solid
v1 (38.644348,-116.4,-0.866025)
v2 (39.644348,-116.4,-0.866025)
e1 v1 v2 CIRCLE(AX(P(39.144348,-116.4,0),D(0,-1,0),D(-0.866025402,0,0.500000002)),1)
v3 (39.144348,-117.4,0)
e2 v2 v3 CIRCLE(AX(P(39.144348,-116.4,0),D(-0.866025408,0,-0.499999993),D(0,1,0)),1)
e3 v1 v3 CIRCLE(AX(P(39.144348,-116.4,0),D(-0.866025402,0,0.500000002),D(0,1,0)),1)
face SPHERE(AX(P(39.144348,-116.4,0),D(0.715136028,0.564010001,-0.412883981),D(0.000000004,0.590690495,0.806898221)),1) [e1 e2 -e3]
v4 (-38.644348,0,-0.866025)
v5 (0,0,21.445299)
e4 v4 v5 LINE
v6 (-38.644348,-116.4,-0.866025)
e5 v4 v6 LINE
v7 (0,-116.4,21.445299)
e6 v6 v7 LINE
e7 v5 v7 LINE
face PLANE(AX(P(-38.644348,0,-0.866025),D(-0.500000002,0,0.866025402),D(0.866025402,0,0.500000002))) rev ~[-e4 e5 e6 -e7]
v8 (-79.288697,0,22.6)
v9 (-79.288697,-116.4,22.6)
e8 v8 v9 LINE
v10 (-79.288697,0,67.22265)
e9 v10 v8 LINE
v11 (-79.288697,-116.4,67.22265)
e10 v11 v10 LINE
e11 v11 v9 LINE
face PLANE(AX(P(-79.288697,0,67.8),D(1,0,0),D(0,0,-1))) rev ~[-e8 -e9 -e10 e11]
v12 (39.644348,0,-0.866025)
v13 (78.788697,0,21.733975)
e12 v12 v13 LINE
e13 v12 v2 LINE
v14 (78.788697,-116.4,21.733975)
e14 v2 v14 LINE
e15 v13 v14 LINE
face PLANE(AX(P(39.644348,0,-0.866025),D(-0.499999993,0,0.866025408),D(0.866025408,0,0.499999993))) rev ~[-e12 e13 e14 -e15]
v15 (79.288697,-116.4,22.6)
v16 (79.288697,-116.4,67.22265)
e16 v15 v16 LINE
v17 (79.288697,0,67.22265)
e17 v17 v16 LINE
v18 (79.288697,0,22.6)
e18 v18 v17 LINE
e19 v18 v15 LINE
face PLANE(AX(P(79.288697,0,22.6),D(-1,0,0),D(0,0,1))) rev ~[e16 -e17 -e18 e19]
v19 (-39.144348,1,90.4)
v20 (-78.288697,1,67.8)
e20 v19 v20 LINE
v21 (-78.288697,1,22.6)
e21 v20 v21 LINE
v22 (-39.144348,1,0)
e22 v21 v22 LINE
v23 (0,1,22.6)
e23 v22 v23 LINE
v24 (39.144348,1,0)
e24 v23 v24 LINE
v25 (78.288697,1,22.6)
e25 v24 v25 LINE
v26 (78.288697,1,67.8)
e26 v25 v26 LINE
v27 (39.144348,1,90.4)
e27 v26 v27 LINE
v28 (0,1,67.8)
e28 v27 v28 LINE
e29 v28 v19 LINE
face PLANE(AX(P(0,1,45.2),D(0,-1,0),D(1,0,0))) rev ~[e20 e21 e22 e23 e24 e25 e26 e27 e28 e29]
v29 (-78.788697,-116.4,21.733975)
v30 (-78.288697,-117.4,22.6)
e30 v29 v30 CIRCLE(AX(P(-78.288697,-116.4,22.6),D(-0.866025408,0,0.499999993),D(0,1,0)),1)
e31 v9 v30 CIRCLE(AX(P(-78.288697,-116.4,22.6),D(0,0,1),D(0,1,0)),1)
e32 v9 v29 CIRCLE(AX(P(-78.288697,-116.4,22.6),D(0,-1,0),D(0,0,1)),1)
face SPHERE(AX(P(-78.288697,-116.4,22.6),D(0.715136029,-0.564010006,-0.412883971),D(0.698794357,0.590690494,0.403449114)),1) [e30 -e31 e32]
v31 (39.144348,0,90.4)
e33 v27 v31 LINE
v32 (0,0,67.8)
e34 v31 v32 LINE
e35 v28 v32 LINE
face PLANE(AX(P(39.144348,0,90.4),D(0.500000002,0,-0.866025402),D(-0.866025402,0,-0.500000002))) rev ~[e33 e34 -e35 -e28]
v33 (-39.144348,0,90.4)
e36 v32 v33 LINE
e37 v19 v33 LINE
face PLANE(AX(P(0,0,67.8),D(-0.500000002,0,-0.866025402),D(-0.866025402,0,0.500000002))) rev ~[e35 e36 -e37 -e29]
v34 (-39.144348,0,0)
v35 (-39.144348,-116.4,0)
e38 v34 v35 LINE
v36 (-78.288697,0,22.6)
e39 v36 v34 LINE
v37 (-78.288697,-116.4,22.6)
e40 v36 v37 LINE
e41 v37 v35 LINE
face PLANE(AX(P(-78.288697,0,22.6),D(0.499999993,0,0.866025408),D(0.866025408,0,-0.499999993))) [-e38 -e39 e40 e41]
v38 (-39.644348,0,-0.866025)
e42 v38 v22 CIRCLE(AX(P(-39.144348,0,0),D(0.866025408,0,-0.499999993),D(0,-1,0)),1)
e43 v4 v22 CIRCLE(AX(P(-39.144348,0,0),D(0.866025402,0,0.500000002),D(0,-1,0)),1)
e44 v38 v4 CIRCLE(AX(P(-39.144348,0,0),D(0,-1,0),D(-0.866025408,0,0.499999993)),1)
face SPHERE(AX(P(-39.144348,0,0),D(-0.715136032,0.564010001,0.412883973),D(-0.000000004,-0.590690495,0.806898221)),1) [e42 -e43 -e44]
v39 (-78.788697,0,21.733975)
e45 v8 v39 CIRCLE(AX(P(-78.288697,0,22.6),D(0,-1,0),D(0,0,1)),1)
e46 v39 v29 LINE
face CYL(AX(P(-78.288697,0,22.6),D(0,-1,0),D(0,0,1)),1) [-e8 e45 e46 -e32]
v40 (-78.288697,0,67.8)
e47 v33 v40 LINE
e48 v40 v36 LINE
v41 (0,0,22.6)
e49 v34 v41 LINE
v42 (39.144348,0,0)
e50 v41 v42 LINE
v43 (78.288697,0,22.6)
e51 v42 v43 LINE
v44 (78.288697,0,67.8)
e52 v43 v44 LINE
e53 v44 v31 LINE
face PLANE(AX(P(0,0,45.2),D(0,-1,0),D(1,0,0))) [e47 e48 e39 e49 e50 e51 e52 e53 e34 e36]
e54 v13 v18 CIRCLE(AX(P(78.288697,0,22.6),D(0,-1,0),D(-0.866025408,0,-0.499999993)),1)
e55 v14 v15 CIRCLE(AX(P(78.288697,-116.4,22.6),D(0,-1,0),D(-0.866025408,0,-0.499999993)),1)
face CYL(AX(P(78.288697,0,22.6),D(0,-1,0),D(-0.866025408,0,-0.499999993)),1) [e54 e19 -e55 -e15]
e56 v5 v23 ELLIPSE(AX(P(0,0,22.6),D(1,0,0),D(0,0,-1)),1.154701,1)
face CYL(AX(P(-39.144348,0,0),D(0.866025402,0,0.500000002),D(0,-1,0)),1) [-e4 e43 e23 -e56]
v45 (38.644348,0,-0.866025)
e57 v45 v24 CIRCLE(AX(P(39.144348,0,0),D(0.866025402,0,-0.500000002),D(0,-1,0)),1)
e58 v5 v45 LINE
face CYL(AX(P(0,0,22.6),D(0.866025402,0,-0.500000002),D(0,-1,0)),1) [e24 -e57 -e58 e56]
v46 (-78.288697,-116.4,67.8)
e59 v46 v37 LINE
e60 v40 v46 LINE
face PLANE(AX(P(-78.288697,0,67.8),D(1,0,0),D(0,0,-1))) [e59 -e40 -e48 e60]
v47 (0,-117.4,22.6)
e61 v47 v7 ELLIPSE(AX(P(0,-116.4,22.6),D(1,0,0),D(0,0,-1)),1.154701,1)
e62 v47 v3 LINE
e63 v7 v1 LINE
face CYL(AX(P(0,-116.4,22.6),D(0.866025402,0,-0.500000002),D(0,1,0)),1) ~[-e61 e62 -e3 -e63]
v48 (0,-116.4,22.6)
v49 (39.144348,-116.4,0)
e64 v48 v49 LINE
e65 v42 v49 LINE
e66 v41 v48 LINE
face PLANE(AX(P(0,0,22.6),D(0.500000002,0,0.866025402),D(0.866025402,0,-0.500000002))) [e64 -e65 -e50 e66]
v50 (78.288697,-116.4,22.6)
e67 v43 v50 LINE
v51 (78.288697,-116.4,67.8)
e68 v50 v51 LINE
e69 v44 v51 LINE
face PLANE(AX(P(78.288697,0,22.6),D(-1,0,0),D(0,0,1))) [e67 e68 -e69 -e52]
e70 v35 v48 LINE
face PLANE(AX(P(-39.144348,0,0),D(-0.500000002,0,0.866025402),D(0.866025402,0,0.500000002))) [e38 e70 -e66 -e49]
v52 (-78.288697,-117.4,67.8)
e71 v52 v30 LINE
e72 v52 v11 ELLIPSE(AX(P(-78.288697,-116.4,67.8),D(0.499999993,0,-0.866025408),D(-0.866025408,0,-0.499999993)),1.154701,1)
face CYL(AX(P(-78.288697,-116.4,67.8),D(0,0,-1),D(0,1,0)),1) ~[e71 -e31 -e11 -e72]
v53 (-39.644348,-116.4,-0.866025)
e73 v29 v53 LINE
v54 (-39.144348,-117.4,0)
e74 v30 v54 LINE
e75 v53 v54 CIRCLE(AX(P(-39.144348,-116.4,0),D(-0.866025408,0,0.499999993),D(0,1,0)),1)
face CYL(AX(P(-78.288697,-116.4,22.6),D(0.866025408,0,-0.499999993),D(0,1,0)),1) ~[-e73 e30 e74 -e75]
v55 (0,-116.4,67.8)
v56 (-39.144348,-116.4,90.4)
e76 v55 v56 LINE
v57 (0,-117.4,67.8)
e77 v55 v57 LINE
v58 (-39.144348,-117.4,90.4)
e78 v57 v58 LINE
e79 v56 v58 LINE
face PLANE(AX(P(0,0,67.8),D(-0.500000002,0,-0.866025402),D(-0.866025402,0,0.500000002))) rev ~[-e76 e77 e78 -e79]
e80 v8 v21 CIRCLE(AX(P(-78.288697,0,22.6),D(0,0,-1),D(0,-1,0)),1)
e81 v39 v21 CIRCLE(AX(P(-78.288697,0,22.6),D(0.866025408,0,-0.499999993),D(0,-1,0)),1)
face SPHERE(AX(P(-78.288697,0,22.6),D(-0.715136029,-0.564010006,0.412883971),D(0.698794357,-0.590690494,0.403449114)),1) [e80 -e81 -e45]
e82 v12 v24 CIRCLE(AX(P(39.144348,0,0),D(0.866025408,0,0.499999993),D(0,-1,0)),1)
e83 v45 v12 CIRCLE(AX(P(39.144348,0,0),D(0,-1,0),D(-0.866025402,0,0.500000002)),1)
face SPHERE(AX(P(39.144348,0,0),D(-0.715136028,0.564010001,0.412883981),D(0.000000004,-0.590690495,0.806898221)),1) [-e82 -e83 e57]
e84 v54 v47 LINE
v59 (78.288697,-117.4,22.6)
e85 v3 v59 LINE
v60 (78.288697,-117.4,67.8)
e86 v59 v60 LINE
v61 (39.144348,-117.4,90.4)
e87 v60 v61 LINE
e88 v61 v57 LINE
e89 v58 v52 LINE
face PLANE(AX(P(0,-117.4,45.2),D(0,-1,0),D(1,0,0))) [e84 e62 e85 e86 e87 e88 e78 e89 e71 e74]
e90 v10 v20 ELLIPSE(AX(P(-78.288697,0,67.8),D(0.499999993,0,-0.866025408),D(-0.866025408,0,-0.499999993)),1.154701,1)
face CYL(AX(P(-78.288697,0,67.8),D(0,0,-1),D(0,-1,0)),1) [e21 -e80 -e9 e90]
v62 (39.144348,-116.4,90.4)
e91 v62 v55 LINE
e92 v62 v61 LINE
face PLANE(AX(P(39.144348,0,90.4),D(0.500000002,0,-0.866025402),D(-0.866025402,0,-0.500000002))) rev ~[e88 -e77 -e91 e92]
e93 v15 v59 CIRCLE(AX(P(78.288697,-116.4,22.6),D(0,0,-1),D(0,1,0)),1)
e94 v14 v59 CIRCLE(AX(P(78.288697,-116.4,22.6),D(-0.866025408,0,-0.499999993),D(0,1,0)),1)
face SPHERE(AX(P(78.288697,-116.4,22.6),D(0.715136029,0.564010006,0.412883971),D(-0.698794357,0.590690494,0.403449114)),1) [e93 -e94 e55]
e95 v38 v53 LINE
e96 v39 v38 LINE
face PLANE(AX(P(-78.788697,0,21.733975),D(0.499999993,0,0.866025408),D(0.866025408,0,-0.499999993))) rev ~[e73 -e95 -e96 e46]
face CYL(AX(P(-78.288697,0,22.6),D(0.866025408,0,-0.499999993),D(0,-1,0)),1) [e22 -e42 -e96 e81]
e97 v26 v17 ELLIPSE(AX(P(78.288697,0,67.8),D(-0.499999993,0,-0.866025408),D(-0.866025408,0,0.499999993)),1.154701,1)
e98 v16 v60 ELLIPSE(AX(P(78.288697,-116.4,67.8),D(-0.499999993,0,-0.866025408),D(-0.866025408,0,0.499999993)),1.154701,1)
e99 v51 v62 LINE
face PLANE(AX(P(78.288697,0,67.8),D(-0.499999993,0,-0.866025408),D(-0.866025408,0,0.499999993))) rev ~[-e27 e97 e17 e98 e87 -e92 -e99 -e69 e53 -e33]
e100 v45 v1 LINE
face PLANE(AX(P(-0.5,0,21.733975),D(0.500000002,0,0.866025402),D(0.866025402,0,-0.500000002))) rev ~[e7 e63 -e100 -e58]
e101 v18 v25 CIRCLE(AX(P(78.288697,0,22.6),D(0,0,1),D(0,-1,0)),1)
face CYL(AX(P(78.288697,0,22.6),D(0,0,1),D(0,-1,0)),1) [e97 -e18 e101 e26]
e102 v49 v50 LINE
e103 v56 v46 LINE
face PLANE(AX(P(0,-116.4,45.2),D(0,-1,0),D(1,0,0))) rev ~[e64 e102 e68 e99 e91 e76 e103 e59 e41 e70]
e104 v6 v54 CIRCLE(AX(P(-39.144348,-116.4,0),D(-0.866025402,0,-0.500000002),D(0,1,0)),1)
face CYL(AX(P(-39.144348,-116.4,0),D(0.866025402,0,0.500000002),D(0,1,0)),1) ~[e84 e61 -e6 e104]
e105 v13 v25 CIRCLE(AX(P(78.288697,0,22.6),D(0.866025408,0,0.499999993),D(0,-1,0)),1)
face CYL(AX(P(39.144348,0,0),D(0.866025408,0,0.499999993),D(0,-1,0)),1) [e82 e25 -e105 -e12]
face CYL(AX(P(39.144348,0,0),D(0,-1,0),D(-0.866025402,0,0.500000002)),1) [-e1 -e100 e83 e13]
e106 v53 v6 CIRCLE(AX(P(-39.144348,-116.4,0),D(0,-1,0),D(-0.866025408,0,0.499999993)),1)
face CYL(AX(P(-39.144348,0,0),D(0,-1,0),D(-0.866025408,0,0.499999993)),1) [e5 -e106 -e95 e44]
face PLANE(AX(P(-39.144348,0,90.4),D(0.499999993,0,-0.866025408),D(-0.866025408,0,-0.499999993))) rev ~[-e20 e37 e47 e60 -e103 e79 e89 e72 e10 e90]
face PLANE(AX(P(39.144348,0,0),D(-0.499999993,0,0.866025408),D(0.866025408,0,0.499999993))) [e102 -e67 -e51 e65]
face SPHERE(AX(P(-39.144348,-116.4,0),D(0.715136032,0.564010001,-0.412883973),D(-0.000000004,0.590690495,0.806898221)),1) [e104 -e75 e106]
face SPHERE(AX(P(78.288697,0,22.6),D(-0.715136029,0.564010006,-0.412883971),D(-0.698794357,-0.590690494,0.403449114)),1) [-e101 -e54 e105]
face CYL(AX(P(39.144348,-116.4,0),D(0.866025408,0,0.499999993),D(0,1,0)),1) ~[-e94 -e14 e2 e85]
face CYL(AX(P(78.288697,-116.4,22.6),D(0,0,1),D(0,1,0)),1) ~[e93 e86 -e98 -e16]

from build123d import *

# Parameters (mm, degrees)
PAD001_DEPTH = 116.4
THICKNESS_T  = 1


with BuildPart() as part:
    # Sketch001 → Pad001 (new body)
    with BuildSketch(Plane.XZ):
        Polygon((0, 67.8), (-39.144348, 90.4), (-78.288697, 67.8), (-78.288697, 22.6), (-39.144348, 0), (0, 22.6), (39.144348, 0), (78.288697, 22.6), (78.288697, 67.8), (39.144348, 90.4), align=None)
    extrude(amount=PAD001_DEPTH)

    # Thickness
    thickness_openings = [part.faces().sort_by_distance(p)[0] for p in [
        (58.716522, -58.2, 79.1),
        (-19.572174, -58.2, 79.1),
        (19.572174, -58.2, 79.1),
        (-58.716522, -58.2, 79.1),
    ]]
    offset(amount=THICKNESS_T, openings=thickness_openings)


solid = part.part
